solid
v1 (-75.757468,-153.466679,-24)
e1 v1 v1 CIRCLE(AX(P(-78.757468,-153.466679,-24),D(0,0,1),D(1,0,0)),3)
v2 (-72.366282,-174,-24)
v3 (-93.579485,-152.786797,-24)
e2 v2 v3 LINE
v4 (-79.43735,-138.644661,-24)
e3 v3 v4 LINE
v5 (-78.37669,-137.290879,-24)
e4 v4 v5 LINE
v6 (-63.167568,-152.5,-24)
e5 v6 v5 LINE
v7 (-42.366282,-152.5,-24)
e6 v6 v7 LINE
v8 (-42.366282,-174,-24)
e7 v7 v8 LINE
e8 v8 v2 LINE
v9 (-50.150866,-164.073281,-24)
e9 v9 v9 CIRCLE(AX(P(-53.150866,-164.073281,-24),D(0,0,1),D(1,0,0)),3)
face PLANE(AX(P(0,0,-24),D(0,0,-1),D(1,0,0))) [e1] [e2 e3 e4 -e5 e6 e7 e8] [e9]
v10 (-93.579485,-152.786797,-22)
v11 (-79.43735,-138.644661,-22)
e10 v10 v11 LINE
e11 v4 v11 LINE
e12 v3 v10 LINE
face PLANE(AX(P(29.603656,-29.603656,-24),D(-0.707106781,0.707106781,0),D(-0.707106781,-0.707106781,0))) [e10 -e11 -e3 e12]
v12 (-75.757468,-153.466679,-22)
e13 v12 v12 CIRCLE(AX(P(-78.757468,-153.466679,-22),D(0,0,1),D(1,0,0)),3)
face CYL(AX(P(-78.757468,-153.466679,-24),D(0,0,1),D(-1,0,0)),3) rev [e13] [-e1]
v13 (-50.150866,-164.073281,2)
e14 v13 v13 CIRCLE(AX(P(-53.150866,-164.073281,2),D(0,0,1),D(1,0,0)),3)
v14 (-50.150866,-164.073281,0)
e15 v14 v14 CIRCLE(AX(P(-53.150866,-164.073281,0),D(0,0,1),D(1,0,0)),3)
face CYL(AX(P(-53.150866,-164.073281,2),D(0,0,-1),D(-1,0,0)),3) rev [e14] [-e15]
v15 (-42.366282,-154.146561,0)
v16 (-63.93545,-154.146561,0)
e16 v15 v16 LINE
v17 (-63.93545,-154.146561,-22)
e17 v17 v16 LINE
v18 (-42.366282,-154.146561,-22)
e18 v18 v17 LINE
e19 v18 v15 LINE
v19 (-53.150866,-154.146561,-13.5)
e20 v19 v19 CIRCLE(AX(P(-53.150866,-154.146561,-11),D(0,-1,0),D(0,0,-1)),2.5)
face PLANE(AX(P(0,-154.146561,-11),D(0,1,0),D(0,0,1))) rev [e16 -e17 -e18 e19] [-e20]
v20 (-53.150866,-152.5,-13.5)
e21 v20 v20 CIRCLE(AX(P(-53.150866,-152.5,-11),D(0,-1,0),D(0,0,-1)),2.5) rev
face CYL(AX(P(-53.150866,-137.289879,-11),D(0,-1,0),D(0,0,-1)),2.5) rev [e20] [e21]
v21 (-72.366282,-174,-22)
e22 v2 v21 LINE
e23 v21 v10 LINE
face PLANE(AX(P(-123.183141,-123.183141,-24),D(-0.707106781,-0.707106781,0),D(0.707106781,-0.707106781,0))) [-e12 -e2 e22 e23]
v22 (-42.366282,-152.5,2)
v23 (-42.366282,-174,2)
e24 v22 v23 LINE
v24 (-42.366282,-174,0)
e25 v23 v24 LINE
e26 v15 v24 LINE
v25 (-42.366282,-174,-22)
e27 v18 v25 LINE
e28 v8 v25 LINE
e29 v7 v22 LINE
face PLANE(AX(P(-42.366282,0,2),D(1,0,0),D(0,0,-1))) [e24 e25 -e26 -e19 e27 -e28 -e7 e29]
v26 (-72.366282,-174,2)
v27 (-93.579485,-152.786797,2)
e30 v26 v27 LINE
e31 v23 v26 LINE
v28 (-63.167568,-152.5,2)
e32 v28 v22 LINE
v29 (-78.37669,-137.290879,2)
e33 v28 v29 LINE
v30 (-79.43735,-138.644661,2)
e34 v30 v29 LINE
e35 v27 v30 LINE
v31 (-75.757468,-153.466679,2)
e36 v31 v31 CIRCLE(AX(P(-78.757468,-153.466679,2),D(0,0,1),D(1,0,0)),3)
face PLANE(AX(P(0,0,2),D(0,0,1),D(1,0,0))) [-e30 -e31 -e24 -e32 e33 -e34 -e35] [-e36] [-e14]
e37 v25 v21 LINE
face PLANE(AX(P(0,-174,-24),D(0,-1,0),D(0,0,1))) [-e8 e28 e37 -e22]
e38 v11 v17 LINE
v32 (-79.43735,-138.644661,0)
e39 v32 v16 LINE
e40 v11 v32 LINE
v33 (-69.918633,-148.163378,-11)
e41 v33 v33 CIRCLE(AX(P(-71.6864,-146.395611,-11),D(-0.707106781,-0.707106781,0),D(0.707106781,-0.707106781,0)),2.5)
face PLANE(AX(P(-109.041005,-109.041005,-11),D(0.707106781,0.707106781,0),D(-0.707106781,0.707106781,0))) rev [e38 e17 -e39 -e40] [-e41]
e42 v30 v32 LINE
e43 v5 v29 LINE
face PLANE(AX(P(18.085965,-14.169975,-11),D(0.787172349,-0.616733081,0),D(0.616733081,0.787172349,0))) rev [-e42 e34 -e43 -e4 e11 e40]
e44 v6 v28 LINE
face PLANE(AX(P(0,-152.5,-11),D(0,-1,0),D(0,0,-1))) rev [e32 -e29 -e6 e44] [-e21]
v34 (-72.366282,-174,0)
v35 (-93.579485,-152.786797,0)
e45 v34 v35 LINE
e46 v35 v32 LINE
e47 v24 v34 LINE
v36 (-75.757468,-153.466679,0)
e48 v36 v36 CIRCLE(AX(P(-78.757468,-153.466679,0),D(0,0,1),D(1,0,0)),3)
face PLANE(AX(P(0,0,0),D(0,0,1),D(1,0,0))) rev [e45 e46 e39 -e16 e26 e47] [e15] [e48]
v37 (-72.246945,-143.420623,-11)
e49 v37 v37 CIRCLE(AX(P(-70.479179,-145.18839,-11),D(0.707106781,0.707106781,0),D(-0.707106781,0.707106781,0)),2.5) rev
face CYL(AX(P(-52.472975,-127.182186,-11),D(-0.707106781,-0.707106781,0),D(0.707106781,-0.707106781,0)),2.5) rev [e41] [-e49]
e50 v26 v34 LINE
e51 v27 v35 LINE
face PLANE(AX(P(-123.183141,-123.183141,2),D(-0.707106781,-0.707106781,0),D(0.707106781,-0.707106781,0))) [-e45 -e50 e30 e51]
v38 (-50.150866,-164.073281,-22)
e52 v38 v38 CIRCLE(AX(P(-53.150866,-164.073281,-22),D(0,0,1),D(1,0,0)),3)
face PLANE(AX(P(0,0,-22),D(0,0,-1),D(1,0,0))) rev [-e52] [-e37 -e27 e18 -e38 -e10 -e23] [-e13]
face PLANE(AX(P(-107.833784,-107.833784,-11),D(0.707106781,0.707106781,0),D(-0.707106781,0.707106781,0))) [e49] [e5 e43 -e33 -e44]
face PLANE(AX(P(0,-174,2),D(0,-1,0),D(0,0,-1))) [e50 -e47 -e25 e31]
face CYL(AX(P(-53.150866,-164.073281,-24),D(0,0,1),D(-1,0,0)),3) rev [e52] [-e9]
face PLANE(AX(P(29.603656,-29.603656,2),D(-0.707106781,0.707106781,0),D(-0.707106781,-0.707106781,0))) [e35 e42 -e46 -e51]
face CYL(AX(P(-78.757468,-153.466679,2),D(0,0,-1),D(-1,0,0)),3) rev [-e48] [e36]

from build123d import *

# Parameters (mm, degrees)
ESBO_O1_R                = 3
RESSALTO_EXTRUS_O1_DEPTH = 2
RESSALTO_EXTRUS_O2_DEPTH = 13
CORTE_EXTRUS_O1_REACH    = 100.627
ESBO_O7_R                = 2.5
CORTE_EXTRUS_O2_REACH    = 98.131
ESBO_O6_R                = 2.5


with BuildPart() as part:
    # Esboço1 → Ressalto-extrusão1 (new body)
    with BuildSketch(Plane.XY):
        Polygon((-42.366282029, -174), (-42.366282029, -154.146561088), (-63.935449693, -154.146561088), (-79.437349841, -138.644660941), (-93.579485465, -152.786796564), (-85.828535391, -160.537746638), (-78.077585317, -168.288696712), (-72.366282029, -174), align=None)
        with Locations((-53.150865861, -164.073280544)):
            Circle(ESBO_O1_R, mode=Mode.SUBTRACT)
        with Locations((-78.757467579, -153.466678826)):
            Circle(ESBO_O1_R, mode=Mode.SUBTRACT)
    ressalto_extrus_o1 = extrude(amount=RESSALTO_EXTRUS_O1_DEPTH)

    # Esboço5 → Ressalto-extrusão2 (add)
    with BuildSketch(Plane.XY.offset(2)):
        Polygon((-78.376689669, -137.290878593), (-79.437349841, -138.644660941), (-63.935449693, -154.146561088), (-42.366282029, -154.146561088), (-42.366282029, -152.5), (-63.167568262, -152.5), align=None)
    ressalto_extrus_o2 = extrude(amount=-RESSALTO_EXTRUS_O2_DEPTH)

    # Espelhar2: Ressalto-extrusão1, Ressalto-extrusão2 across plane
    add(ressalto_extrus_o1.mirror(Plane.XY.offset(-11)))
    add(ressalto_extrus_o2.mirror(Plane.XY.offset(-11)))

    # Esboço7 → Corte-extrusão1 (cut, up to next)
    with BuildSketch(Plane.XZ.offset(154.146561088), mode=Mode.PRIVATE) as corte_extrus_o1_sk1:
        with Locations(Location((-53.150865861, -11, 0), (0, 0, 270))):
            Circle(ESBO_O7_R)
    corte_extrus_o1_tool1 = extrude(corte_extrus_o1_sk1.sketch, amount=-CORTE_EXTRUS_O1_REACH, mode=Mode.PRIVATE) & part.part
    add(corte_extrus_o1_tool1.solids().sort_by_distance((-53.150866, -154.146561, -11))[0], mode=Mode.SUBTRACT)

    # Esboço6 → Corte-extrusão2 (cut, up to next)
    with BuildSketch(Plane(origin=(-109.041005391, -109.041005391, 0), x_dir=(-0.7071067811865478, 0.7071067811865472, 0), z_dir=(-0.7071067811865472, -0.7071067811865478, 0)), mode=Mode.PRIVATE) as corte_extrus_o2_sk1:
        with Locations(Location((-52.82738989, 11, 0), (0, 0, 180))):
            Circle(ESBO_O6_R)
    corte_extrus_o2_tool1 = extrude(corte_extrus_o2_sk1.sketch, amount=-CORTE_EXTRUS_O2_REACH, mode=Mode.PRIVATE) & part.part
    add(corte_extrus_o2_tool1.solids().sort_by_distance((-71.6864, -146.395611, -11))[0], mode=Mode.SUBTRACT)


solid = part.part
